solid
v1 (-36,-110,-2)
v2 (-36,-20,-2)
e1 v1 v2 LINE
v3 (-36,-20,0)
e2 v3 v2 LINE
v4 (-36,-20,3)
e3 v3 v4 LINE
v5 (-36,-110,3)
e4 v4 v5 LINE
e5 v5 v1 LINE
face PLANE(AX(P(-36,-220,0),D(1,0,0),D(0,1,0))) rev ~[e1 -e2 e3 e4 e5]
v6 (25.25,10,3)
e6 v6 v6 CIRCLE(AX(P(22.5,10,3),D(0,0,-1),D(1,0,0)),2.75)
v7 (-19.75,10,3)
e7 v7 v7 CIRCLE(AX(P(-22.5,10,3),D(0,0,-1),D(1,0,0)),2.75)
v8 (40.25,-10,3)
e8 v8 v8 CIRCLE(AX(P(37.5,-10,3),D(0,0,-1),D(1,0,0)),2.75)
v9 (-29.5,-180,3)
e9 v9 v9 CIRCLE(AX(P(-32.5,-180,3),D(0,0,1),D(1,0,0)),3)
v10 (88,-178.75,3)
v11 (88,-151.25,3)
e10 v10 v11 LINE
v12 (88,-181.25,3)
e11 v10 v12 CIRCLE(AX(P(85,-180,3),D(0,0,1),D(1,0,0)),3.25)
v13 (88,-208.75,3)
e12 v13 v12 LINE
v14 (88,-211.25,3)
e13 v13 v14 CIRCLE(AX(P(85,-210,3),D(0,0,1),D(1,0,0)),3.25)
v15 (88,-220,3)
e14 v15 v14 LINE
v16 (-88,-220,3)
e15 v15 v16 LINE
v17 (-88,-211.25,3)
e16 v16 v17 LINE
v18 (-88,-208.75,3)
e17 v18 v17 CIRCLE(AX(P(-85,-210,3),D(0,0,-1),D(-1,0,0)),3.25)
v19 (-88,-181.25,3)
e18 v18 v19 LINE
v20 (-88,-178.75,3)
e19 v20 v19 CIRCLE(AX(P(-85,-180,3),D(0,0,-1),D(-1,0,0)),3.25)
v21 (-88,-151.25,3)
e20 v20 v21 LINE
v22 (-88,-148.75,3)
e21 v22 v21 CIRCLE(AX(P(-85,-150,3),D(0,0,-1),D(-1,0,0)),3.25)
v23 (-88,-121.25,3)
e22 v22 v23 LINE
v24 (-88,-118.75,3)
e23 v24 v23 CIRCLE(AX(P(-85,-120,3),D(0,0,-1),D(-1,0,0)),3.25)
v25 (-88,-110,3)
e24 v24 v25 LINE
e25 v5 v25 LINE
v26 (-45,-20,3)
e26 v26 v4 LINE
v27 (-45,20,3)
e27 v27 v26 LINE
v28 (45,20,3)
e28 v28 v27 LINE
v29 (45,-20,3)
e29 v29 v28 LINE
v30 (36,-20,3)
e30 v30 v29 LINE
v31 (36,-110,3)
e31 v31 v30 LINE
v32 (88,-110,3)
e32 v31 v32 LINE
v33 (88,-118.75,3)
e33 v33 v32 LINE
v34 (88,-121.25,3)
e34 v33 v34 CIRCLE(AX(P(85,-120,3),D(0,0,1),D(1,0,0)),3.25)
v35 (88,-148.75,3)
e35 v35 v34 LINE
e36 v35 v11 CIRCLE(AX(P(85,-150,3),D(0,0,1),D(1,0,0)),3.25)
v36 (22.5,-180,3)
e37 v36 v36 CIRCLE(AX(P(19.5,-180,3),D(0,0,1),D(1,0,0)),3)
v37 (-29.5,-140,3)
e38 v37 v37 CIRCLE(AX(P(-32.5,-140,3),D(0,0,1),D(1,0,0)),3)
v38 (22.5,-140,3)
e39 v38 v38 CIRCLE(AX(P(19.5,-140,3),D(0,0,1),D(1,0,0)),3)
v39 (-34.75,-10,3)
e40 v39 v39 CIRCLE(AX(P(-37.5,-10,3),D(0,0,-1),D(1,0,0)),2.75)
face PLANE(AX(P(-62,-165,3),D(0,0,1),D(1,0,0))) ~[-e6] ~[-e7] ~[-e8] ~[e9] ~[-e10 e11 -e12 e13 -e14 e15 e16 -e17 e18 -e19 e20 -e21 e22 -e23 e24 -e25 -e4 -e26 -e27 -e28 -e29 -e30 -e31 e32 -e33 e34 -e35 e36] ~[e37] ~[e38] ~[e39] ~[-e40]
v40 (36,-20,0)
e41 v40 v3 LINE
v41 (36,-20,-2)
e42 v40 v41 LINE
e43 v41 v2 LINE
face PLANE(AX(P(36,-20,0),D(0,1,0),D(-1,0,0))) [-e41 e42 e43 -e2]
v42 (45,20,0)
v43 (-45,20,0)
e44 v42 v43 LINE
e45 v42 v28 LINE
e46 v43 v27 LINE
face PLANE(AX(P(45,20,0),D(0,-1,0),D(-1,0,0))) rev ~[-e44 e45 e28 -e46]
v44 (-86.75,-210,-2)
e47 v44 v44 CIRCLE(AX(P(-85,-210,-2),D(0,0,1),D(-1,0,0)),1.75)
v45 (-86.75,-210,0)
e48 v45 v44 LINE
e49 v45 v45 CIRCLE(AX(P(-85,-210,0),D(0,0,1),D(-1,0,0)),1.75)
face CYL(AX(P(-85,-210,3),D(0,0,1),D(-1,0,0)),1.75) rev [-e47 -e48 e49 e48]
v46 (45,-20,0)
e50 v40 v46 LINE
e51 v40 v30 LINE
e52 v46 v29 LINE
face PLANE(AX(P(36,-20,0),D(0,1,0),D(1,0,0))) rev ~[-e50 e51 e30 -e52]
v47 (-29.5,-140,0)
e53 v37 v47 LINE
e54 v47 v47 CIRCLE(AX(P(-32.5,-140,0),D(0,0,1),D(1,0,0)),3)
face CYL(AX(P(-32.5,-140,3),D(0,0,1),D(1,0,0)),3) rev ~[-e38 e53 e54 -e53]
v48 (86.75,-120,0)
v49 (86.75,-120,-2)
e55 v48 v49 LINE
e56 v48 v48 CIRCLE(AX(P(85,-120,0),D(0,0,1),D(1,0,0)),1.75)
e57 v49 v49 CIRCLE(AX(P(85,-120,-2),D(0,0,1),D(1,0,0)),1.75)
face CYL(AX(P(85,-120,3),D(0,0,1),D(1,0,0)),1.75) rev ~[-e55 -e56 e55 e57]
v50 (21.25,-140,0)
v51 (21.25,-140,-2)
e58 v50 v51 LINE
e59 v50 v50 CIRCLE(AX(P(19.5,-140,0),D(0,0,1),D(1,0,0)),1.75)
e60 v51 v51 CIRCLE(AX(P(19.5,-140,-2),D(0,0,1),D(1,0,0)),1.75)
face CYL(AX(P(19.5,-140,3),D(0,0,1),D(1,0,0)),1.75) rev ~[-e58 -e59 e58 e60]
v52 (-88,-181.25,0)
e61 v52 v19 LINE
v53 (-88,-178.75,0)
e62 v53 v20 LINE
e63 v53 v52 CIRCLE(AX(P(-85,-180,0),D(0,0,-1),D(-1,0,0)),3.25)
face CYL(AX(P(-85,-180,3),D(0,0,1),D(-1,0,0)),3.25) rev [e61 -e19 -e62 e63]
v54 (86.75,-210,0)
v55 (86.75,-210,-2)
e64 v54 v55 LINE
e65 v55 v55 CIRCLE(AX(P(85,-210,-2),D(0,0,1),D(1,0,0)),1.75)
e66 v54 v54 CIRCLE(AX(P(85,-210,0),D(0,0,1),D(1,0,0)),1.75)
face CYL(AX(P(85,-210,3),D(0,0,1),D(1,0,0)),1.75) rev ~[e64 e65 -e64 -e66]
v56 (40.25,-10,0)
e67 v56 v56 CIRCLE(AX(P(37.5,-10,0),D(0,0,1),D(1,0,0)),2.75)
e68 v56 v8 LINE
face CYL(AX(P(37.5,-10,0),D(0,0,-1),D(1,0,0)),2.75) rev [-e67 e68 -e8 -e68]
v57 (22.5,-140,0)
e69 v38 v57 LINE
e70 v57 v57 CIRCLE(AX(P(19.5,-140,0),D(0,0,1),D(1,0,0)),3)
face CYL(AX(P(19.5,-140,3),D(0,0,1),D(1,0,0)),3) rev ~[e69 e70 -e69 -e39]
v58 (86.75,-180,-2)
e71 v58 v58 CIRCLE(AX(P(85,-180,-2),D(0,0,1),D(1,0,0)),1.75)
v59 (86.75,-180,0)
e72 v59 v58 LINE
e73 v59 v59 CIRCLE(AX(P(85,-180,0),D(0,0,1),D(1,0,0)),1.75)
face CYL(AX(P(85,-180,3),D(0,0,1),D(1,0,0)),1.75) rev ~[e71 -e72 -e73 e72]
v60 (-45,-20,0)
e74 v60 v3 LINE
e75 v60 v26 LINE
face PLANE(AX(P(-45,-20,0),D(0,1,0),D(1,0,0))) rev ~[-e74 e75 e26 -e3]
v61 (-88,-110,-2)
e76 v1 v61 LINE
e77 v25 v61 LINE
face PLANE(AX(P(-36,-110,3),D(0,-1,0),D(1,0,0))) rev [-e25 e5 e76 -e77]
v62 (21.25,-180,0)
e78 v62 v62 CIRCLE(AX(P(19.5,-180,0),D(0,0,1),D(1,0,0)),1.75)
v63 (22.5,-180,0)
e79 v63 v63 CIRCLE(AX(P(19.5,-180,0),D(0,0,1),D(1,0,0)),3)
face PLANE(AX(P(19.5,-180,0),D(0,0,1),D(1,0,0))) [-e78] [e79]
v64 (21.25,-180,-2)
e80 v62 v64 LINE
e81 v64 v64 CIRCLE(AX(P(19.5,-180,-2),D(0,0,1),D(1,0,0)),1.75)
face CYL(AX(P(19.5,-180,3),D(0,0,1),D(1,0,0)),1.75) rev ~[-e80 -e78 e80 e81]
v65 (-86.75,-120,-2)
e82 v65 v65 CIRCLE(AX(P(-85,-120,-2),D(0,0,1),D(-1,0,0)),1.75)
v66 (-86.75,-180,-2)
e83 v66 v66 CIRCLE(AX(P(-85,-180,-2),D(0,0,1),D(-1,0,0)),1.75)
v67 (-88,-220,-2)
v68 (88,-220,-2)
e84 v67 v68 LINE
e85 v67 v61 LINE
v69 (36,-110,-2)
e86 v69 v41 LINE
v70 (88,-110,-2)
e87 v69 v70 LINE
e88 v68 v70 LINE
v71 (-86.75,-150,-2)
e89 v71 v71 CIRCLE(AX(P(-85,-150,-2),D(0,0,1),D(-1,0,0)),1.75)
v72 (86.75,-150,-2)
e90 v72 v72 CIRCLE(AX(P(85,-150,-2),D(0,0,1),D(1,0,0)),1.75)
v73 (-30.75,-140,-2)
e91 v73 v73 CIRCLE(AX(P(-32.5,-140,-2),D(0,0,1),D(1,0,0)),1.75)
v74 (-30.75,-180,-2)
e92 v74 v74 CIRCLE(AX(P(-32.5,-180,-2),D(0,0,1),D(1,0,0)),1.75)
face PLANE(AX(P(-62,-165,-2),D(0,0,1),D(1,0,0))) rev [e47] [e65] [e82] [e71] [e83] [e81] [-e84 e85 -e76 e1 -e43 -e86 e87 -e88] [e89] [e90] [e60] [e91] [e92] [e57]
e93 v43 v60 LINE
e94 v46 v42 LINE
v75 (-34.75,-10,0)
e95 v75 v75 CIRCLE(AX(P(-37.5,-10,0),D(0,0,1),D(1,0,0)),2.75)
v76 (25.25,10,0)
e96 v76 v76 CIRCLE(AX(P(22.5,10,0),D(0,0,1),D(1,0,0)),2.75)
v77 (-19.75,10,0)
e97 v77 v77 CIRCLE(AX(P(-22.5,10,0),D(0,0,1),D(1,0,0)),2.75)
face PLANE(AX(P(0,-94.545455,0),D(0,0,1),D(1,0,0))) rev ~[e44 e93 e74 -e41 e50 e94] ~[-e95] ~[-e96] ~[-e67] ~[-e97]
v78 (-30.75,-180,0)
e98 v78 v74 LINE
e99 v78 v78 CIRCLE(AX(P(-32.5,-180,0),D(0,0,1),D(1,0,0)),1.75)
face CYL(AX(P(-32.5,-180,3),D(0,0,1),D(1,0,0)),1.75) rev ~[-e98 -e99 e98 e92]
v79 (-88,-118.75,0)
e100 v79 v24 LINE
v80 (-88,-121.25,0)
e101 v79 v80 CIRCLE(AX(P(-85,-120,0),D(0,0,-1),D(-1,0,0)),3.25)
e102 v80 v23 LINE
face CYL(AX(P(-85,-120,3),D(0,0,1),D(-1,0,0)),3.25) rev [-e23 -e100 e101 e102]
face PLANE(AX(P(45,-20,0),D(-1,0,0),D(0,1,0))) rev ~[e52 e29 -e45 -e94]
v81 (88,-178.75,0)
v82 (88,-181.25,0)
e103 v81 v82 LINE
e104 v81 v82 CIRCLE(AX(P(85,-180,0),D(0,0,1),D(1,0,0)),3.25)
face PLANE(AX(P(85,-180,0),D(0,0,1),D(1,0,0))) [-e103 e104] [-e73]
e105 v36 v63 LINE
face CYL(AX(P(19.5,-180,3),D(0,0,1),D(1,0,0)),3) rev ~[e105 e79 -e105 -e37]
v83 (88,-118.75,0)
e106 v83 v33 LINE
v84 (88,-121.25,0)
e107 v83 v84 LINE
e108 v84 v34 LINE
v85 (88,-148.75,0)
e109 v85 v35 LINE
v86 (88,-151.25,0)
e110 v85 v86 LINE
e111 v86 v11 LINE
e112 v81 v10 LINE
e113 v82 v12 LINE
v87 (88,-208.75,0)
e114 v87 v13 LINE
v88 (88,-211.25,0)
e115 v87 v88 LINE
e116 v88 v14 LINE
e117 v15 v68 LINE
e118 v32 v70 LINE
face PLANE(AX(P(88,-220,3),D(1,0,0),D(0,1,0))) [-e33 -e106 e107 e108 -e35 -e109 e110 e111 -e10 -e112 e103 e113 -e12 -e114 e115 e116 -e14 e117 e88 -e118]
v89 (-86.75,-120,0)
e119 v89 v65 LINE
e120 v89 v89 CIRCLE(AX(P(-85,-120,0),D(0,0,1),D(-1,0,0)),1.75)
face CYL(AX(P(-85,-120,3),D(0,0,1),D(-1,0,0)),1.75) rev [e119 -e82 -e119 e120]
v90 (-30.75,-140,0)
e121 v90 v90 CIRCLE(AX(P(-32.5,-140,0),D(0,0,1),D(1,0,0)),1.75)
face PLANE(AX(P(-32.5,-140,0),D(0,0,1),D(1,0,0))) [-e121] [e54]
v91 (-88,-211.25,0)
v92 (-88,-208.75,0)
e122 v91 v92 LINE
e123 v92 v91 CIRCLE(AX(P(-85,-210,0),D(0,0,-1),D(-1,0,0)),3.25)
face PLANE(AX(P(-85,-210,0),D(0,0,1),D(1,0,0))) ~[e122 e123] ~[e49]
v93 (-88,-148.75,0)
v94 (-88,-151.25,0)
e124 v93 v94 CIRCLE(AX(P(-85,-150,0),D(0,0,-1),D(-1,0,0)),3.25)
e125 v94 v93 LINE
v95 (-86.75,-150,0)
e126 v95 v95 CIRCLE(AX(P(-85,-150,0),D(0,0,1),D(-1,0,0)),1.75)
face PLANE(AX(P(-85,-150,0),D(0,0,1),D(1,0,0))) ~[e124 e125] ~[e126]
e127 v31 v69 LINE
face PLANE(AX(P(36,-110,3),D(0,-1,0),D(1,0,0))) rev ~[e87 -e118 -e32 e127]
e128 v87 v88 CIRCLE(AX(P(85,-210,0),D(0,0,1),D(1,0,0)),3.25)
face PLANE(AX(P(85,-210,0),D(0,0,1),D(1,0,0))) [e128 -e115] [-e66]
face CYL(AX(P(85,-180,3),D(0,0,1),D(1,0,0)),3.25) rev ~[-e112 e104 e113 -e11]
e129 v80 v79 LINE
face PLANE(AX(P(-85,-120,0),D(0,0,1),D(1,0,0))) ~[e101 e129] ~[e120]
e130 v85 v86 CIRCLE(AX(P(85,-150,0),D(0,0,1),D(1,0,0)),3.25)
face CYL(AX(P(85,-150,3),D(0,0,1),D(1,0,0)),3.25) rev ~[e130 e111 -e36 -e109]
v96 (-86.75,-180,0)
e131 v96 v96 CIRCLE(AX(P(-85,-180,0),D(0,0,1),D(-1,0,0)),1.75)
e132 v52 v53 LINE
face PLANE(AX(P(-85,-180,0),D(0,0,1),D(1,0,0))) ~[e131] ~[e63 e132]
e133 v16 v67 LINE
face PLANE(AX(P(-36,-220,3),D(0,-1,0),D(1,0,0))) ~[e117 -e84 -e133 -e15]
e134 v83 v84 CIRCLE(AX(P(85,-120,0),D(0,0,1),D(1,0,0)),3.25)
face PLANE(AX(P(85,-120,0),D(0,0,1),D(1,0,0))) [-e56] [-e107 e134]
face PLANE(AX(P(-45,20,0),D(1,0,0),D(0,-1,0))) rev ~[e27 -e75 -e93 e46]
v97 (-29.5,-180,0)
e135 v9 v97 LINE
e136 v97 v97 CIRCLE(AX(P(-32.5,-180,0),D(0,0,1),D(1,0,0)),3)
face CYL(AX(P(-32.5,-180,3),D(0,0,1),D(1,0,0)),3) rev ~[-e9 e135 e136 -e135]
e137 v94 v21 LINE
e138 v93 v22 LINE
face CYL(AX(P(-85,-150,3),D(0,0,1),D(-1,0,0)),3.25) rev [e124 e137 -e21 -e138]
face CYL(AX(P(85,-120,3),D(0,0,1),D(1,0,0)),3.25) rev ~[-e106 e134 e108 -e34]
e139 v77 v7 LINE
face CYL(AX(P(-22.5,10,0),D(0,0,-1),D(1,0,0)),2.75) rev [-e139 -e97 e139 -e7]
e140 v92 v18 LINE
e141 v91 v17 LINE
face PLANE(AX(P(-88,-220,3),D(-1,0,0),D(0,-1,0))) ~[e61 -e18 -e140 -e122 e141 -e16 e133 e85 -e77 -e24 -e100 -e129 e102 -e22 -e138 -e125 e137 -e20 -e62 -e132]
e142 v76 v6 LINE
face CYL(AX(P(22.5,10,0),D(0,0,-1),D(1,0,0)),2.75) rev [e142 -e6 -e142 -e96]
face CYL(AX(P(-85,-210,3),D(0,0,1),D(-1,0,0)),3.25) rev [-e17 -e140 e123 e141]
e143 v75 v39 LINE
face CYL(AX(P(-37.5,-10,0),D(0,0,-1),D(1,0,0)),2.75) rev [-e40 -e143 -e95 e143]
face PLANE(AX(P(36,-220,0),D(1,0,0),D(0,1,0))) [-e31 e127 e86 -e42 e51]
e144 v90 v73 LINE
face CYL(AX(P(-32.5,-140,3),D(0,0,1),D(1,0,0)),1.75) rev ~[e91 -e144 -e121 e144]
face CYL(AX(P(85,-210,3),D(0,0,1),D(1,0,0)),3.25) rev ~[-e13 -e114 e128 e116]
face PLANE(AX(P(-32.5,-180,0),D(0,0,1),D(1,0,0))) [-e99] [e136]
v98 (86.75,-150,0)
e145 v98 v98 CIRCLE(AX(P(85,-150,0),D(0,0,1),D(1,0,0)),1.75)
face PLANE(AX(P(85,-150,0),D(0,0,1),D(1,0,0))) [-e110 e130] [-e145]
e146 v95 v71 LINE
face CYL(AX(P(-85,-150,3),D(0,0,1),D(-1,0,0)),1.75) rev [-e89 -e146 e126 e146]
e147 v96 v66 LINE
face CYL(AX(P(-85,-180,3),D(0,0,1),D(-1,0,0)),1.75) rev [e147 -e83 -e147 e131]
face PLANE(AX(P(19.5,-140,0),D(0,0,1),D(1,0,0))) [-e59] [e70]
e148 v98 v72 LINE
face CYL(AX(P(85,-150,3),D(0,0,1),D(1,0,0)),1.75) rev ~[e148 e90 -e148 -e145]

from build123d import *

# Parameters (mm, degrees)
EXTRUDE_1_DEPTH     = 3
SKETCH_2_W          = 72
SKETCH_2_H          = 200
EXTRUDE_2_DEPTH     = 2
SKETCH_4_R          = 2.75
CUT_EXTRUDE_1_DEPTH = 4
SKETCH_7_W          = 52
SKETCH_7_H          = 110
EXTRUDE_3_DEPTH     = 5
SKETCH_8_R          = 1.75
CUT_EXTRUDE_2_DEPTH = 6
SKETCH_9_R          = 3.25
CUT_EXTRUDE_3_DEPTH = 3
SKETCH_10_R         = 1.75
CUT_EXTRUDE_4_DEPTH = 6
SKETCH_11_R         = 3
CUT_EXTRUDE_5_DEPTH = 3


with BuildPart() as part:
    # ｽｹｯﾁ1 → ﾎﾞｽ - 押し出し1 (new body)
    with BuildSketch(Plane.XY):
        Polygon((-45, -20), (-36, -20), (-36, -220), (36, -220), (36, -20), (45, -20), (45, 20), (-45, 20), align=None)
    extrude_1 = extrude(amount=EXTRUDE_1_DEPTH)

    # ｽｹｯﾁ2 → ﾎﾞｽ - 押し出し2 (add)
    with BuildSketch(Plane(origin=(0, 0, 0), x_dir=(-1, 0, 0), z_dir=(0, 0, -1))):
        with Locations((0, -120)):
            Rectangle(SKETCH_2_W, SKETCH_2_H)
    extrude(amount=EXTRUDE_2_DEPTH)

    # ｽｹｯﾁ4 → ｶｯﾄ - 押し出し1 (cut, through all)
    with BuildSketch(Plane(origin=(0, 0, 0), x_dir=(-1, 0, 0), z_dir=(0, 0, -1))):
        with Locations((-22.5, 10)):
            Circle(SKETCH_4_R)
        with Locations((22.5, 10)):
            Circle(SKETCH_4_R)
        with Locations((37.5, -10)):
            Circle(SKETCH_4_R)
        with Locations((-37.5, -10)):
            Circle(SKETCH_4_R)
    cut_extrude_1 = extrude(amount=-CUT_EXTRUDE_1_DEPTH, mode=Mode.SUBTRACT)

    # ｽｹｯﾁ7 → ﾎﾞｽ - 押し出し3 (add)
    with BuildSketch(Plane.XY.offset(3)):
        with Locations((62, -165)):
            Rectangle(SKETCH_7_W, SKETCH_7_H)
    extrude_3 = extrude(amount=-EXTRUDE_3_DEPTH)

    # ｽｹｯﾁ8 → ｶｯﾄ - 押し出し2 (cut, through all)
    with BuildSketch(Plane.XY.offset(3)):
        with Locations((85, -180)):
            Circle(SKETCH_8_R)
        with Locations((85, -210)):
            Circle(SKETCH_8_R)
        with Locations((85, -150)):
            Circle(SKETCH_8_R)
        with Locations((85, -120)):
            Circle(SKETCH_8_R)
    cut_extrude_2 = extrude(amount=-CUT_EXTRUDE_2_DEPTH, mode=Mode.SUBTRACT)

    # ｽｹｯﾁ9 → ｶｯﾄ - 押し出し3 (cut)
    with BuildSketch(Plane.XY.offset(3)):
        with Locations((85, -180)):
            Circle(SKETCH_9_R)
        with Locations((85, -210)):
            Circle(SKETCH_9_R)
        with Locations((85, -150)):
            Circle(SKETCH_9_R)
        with Locations((85, -120)):
            Circle(SKETCH_9_R)
    cut_extrude_3 = extrude(amount=-CUT_EXTRUDE_3_DEPTH, mode=Mode.SUBTRACT)

    # ﾐﾗｰ1: ﾎﾞｽ - 押し出し1, ｶｯﾄ - 押し出し1, ﾎﾞｽ - 押し出し3, ｶｯﾄ - 押し出し2, ｶｯﾄ - 押し出し3 across plane
    add(extrude_1.mirror(Plane(origin=(0, 0, 0), x_dir=(0, 0, 1), z_dir=(1, 0, 0))))
    add(cut_extrude_1.mirror(Plane(origin=(0, 0, 0), x_dir=(0, 0, 1), z_dir=(1, 0, 0))), mode=Mode.SUBTRACT)
    add(extrude_3.mirror(Plane(origin=(0, 0, 0), x_dir=(0, 0, 1), z_dir=(1, 0, 0))))
    add(cut_extrude_2.mirror(Plane(origin=(0, 0, 0), x_dir=(0, 0, 1), z_dir=(1, 0, 0))), mode=Mode.SUBTRACT)
    add(cut_extrude_3.mirror(Plane(origin=(0, 0, 0), x_dir=(0, 0, 1), z_dir=(1, 0, 0))), mode=Mode.SUBTRACT)

    # ｽｹｯﾁ10 → ｶｯﾄ - 押し出し4 (cut, through all)
    with BuildSketch(Plane.XY.offset(3)):
        with Locations((19.5, -140)):
            Circle(SKETCH_10_R)
        with Locations((19.5, -180)):
            Circle(SKETCH_10_R)
        with Locations((-32.5, -180)):
            Circle(SKETCH_10_R)
        with Locations((-32.5, -140)):
            Circle(SKETCH_10_R)
    extrude(amount=-CUT_EXTRUDE_4_DEPTH, mode=Mode.SUBTRACT)

    # ｽｹｯﾁ11 → ｶｯﾄ - 押し出し5 (cut)
    with BuildSketch(Plane.XY.offset(3)):
        with Locations((-32.5, -140)):
            Circle(SKETCH_11_R)
        with Locations((19.5, -140)):
            Circle(SKETCH_11_R)
        with Locations((19.5, -180)):
            Circle(SKETCH_11_R)
        with Locations((-32.5, -180)):
            Circle(SKETCH_11_R)
    extrude(amount=-CUT_EXTRUDE_5_DEPTH, mode=Mode.SUBTRACT)


solid = part.part
